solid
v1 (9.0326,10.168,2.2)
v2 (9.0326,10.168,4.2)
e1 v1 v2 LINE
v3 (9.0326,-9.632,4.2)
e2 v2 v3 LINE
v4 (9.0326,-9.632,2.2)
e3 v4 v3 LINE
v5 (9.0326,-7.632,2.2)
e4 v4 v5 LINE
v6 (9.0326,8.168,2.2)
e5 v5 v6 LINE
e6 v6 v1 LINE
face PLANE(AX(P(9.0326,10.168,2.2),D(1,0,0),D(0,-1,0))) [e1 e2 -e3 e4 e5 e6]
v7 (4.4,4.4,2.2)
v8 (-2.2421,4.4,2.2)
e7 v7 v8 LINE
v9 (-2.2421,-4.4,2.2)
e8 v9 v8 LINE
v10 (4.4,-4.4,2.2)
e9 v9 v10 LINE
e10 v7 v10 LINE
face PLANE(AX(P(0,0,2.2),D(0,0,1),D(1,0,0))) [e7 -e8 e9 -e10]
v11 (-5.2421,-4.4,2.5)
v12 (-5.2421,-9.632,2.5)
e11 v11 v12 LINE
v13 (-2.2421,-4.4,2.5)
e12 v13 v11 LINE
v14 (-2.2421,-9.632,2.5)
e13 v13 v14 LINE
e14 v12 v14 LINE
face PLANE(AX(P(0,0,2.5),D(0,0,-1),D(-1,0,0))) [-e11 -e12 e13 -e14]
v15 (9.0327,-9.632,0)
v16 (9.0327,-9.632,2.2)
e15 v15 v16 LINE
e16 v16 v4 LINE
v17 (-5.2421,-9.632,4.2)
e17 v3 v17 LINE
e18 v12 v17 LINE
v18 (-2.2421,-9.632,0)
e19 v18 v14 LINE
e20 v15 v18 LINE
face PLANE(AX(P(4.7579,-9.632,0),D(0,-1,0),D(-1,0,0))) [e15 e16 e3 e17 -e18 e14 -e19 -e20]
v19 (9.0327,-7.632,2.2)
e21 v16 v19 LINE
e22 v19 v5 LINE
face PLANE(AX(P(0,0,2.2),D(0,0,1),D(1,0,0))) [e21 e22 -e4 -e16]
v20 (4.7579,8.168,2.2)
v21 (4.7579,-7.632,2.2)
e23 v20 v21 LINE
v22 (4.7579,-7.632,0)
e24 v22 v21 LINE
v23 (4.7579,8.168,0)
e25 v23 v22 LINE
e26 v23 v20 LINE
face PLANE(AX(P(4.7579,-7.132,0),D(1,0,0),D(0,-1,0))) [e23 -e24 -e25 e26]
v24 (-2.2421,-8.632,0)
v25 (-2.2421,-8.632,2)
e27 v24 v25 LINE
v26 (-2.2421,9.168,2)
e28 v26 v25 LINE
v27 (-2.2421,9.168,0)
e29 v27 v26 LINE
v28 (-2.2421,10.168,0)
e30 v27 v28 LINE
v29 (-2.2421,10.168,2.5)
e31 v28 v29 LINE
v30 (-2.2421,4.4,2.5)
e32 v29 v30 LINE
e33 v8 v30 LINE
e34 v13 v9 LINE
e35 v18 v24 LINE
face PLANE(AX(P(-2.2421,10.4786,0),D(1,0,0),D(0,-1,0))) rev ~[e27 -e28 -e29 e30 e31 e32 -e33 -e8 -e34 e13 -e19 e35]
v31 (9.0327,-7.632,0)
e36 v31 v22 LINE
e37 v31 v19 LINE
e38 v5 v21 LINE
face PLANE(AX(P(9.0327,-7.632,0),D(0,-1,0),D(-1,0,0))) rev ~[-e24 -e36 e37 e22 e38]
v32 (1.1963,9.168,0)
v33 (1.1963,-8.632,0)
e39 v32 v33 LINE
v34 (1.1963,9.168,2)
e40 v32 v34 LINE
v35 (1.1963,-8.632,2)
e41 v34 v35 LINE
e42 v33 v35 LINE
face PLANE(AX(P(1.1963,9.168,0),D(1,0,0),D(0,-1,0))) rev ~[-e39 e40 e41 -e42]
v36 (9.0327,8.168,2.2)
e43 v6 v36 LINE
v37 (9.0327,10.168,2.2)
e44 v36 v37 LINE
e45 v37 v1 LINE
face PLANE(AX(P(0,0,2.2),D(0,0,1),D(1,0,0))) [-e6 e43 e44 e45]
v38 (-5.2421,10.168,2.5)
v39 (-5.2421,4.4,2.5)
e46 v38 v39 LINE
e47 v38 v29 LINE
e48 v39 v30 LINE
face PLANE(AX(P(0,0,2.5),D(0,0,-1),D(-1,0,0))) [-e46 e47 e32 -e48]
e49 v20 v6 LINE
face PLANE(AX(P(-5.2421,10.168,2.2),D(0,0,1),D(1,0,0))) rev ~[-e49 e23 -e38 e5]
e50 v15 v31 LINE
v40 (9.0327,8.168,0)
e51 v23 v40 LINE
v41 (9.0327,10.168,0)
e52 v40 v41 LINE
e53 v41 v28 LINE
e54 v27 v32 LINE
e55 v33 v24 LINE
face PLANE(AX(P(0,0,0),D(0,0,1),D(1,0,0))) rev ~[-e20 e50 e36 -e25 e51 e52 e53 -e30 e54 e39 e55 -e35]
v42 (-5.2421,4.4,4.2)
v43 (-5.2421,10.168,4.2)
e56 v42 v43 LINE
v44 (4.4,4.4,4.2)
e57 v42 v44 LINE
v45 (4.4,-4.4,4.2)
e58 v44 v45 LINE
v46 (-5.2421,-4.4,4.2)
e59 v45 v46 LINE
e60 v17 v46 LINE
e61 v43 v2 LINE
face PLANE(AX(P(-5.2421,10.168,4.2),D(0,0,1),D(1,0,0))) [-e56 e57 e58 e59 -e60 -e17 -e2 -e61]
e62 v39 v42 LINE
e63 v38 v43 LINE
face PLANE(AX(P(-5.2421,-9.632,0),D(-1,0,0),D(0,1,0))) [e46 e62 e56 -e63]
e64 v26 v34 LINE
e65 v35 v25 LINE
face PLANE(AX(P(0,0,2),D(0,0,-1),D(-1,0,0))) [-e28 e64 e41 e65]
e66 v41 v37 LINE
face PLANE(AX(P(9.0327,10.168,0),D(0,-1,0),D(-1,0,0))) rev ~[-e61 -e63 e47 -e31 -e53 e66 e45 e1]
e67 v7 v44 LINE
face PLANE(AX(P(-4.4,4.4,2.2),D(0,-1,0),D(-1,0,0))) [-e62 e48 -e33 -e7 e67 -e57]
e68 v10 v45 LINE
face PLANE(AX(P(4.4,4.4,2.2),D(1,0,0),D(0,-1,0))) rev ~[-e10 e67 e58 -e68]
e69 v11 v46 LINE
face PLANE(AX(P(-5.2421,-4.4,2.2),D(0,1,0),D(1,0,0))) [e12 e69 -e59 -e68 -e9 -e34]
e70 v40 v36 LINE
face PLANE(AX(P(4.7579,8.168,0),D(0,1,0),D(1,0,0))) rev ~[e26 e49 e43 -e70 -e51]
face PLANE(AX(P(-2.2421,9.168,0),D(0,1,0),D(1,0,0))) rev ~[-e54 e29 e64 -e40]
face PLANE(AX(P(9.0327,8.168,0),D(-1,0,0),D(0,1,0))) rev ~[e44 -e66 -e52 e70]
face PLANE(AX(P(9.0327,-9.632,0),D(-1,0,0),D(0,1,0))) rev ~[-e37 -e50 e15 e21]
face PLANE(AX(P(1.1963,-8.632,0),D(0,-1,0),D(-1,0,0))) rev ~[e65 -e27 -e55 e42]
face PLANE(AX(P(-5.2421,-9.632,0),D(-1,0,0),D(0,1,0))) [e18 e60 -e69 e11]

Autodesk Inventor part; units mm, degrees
ref_plane "YZ Plane" through (0, 0, 0) normal (1, 0, 0) x (0, 1, 0)
ref_plane "XZ Plane" through (0, 0, 0) normal (0, 1, 0) x (-1, 0, 0)
ref_plane "Arbeitsebene1" through (0, 0, 0) normal (0, 0, 1) x (1, 0, 0)
sketch "Skizze1" plane through (0, 0, 0) normal (0, 0, 1) x (1, 0, 0)
  circle A0 centre (-0.0001, 0.0021) radius 3 projected
  circle A1 centre (11, 0) radius 2.566 projected
  circle A2 centre (-9.5, -11) radius 1.352 projected
  arc A3 (19, -13.5) -> (20, -12.5) centre (19, -12.5) ccw projected
  line L0 (20, -12.5) -> (20, 12.5) projected
  arc A4 (20, 12.5) -> (19, 13.5) centre (19, 12.5) ccw projected
  line L1 (19, 13.5) -> (-19, 13.5) projected
  arc A5 (-19, 13.5) -> (-20, 12.5) centre (-19, 12.5) ccw projected
  line L2 (-20, 12.5) -> (-20, -12.5) projected
  arc A6 (-20, -12.5) -> (-19, -13.5) centre (-19, -12.5) ccw projected
  line L3 (-19, -13.5) -> (19, -13.5) projected
  line L4 (18.6579, -7.132) -> (11.0758, -7.132) projected
  line L5 (18.6579, -7.132) -> (18.6579, 2.268) projected
  line L6 (18.6579, 2.268) -> (19.6579, 4.268) projected
  line L7 (19.6579, 4.268) -> (19.6579, 7.668) projected
  line L8 (18.0704, 7.668) -> (19.6579, 7.668) projected
  line L9 (18.0704, 7.668) -> (18.0704, 6.818) projected
  line L10 (18.0704, 6.818) -> (13.4704, 6.818) projected
  line L11 (13.4704, 6.818) -> (13.4704, 5.418) projected
  line L12 (13.4704, 5.418) -> (14.8704, 5.418) projected
  line L13 (14.8704, 5.418) -> (15.4704, 6.018) projected
  line L14 (15.4704, 6.018) -> (18.0704, 6.018) projected
  line L15 (18.0704, 6.018) -> (18.0704, 5.768) projected
  line L16 (18.0704, 5.768) -> (15.5704, 5.768) projected
  line L17 (15.5704, 5.768) -> (15.0704, 5.268) projected
  line L18 (15.0704, 5.268) -> (13.0704, 5.268) projected
  line L19 (13.0704, 5.268) -> (13.0704, 7.668) projected
  line L20 (6.4079, 7.668) -> (13.0704, 7.668) projected
  line L21 (6.4079, 7.668) -> (6.4079, 6.468) projected
  line L22 (4.7579, 6.468) -> (6.4079, 6.468) projected
  line L23 (4.7579, -7.132) -> (4.7579, 6.468) projected
  line L24 (5.4458, -7.132) -> (4.7579, -7.132) projected
  line L25 (5.4458, -7.132) -> (5.4458, -6.382) projected
  line L26 (5.4458, -6.382) -> (11.0758, -6.382) projected
  line L27 (11.0758, -6.382) -> (11.0758, -7.132) projected
  line L28 (9.0327, 10.168) -> (-5.2421, 10.168)
  line L29 (-5.2421, 10.168) -> (-5.2421, 8.168)
  line L30 (-5.2421, 8.168) -> (9.0327, 8.168)
  line L31 (9.0327, 8.168) -> (9.0327, 10.168)
  line L32 (-5.2421, 8.168) -> (4.7579, 8.168)
  line L33 (4.7579, 8.168) -> (4.7579, -9.632)
  line L34 (4.7579, -9.632) -> (-5.2421, -9.632)
  line L35 (-5.2421, -9.632) -> (-5.2421, 8.168)
  line L36 (4.7579, -9.632) -> (9.0327, -9.632)
  line L37 (9.0327, -9.632) -> (9.0327, -7.632)
  line L38 (9.0327, -7.632) -> (4.7579, -7.632)
  line L39 (4.7579, -7.632) -> (4.7579, -9.632)
  point P0 (0, 0)
  point P1 (4.7579, 8.168)
  dimension "d0" = 0
  dimension "d1" = 0.5
  dimension "d2" = 0.5
  dimension "d3" = 2
  dimension "d4" = 2
  dimension "d5" = 10
ref_plane "Arbeitsebene2" through (4.7579, -7.132, 2.2) normal (0, 0, 1) x (1, 0, 0)
extrude "Extrusion1" add sketch "Skizze1" along normal up to surface (2.2 mm away) contours A0 | L33 L34 L35 L30 L23 | L38 L37 L36 L33 | L30 L29 L28 L31
sketch "Skizze2" plane through (-5.2421, 10.168, 2.2) normal (0, 0, 1) x (1, 0, 0)
  line L0 (0, 0) -> (14.2747, 0) projected
  line L1 (0, -19.8) -> (0, 0) projected
  line L2 (14.2747, -19.8) -> (0, -19.8) projected
  line L3 (14.2747, -17.8) -> (14.2747, -19.8) projected
  line L4 (10, -17.8) -> (14.2747, -17.8) projected
  line L5 (10, -2) -> (10, -17.8) projected
  line L6 (14.2747, -2) -> (10, -2) projected
  line L7 (14.2747, 0) -> (14.2747, -2) projected
  line L8 (14.2747, 0) -> (0, 0) projected
  line L9 (14.2747, 0) -> (0, 0)
  line L10 (0, 0) -> (0, -19.8)
  line L11 (0, -19.8) -> (14.2747, -19.8)
  line L12 (14.2747, -19.8) -> (14.2747, 0)
  line L13 (9.6421, -14.568) -> (0.8421, -14.568)
  line L14 (0.8421, -14.568) -> (0.8421, -5.768)
  line L15 (0.8421, -5.768) -> (9.6421, -5.768)
  line L16 (9.6421, -5.768) -> (9.6421, -14.568)
  line L17 (9.6421, -14.568) -> (0.8421, -5.768) construction
  line L18 (0.8421, -14.568) -> (9.6421, -5.768) construction
  line L19 (0, 0) -> (0, -19.8) projected
  line L20 (0.8421, -5.768) -> (0, -5.768)
  line L21 (0, -5.768) -> (0, -14.568)
  line L22 (0, -14.568) -> (0.8421, -14.568)
  line L23 (0.8421, -14.568) -> (0.8421, -5.768)
  point P0 (5.2421, -10.168)
  point P1 (0, -5.768)
  point P2 (0.8421, -14.568)
  point P3 (14.2747, -17.8)
  point P4 (14.2747, -2)
  dimension "d8" = 8.8
  dimension "d9" = 8.8
extrude "Extrusion2" add sketch "Skizze2" along normal blind 2 contours L0 L7 L6 L5 L4 L3 L2 L1 L22 L13 L16 L15 L20 | L12 L4 L5 L6
sketch "Skizze3" plane through (0, 0, 0) normal (0, 0, -1) x (-1, 0, 0)
  line L0 (5.2421, 10.168) -> (5.2421, -9.632) projected
  line L1 (-9.0327, 10.168) -> (5.2421, 10.168) projected
  line L2 (-9.0327, 8.168) -> (-9.0327, 10.168) projected
  line L3 (-4.7579, 8.168) -> (-9.0327, 8.168) projected
  line L4 (-4.7579, -7.632) -> (-4.7579, 8.168) projected
  line L5 (-9.0327, -7.632) -> (-4.7579, -7.632) projected
  line L6 (-9.0327, -9.632) -> (-9.0327, -7.632) projected
  line L7 (5.2421, -9.632) -> (-9.0327, -9.632) projected
  line L8 (2.2421, -9.8367) -> (9.0217, -9.8367)
  line L9 (9.0217, -9.8367) -> (9.0217, 10.4786)
  line L10 (9.0217, 10.4786) -> (2.2421, 10.4786)
  line L11 (2.2421, 10.4786) -> (2.2421, -9.8367)
  line L12 (2.2421, -9.8367) -> (9.0217, 10.4786) construction
  line L13 (9.0217, -9.8367) -> (2.2421, 10.4786) construction
  point P0 (0, 0)
  point P1 (5.6319, 0.321)
  dimension "d12" = 3
extrude "Extrusion3" cut sketch "Skizze3" against normal blind 2.5 contours L1 L11 L10 L9 L8 L7 L0 | L0 L7 L11 L1
sketch "Skizze4" plane through (0, 0, 0) normal (0, 0, -1) x (-1, 0, 0)
  line L0 (2.2421, -9.632) -> (2.2421, 10.168) projected
  line L1 (-9.0327, 10.168) -> (2.2421, 10.168) projected
  line L2 (-9.0327, 8.168) -> (-9.0327, 10.168) projected
  line L3 (-4.7579, 8.168) -> (-9.0327, 8.168) projected
  line L4 (-4.7579, -7.632) -> (-4.7579, 8.168) projected
  line L5 (-9.0327, -7.632) -> (-4.7579, -7.632) projected
  line L6 (-9.0327, -9.632) -> (-9.0327, -7.632) projected
  line L7 (2.2421, -9.632) -> (-9.0327, -9.632) projected
  line L8 (2.2421, 4.4) -> (2.2421, 10.168) projected
  line L9 (2.2421, 9.168) -> (-1.1963, 9.168)
  line L10 (-1.1963, 9.168) -> (-1.1963, -8.632)
  line L11 (-1.1963, -8.632) -> (2.2421, -8.632)
  line L12 (2.2421, -8.632) -> (2.2421, 9.168)
  point P0 (0, 0)
  point P1 (2.2421, -8.632)
extrude "Extrusion4" cut sketch "Skizze4" against normal blind 2 contours L11 L10 L9 L0
equation "\"d6\" = d2"
properties part number "Anglerfish_Cameraspacer"
